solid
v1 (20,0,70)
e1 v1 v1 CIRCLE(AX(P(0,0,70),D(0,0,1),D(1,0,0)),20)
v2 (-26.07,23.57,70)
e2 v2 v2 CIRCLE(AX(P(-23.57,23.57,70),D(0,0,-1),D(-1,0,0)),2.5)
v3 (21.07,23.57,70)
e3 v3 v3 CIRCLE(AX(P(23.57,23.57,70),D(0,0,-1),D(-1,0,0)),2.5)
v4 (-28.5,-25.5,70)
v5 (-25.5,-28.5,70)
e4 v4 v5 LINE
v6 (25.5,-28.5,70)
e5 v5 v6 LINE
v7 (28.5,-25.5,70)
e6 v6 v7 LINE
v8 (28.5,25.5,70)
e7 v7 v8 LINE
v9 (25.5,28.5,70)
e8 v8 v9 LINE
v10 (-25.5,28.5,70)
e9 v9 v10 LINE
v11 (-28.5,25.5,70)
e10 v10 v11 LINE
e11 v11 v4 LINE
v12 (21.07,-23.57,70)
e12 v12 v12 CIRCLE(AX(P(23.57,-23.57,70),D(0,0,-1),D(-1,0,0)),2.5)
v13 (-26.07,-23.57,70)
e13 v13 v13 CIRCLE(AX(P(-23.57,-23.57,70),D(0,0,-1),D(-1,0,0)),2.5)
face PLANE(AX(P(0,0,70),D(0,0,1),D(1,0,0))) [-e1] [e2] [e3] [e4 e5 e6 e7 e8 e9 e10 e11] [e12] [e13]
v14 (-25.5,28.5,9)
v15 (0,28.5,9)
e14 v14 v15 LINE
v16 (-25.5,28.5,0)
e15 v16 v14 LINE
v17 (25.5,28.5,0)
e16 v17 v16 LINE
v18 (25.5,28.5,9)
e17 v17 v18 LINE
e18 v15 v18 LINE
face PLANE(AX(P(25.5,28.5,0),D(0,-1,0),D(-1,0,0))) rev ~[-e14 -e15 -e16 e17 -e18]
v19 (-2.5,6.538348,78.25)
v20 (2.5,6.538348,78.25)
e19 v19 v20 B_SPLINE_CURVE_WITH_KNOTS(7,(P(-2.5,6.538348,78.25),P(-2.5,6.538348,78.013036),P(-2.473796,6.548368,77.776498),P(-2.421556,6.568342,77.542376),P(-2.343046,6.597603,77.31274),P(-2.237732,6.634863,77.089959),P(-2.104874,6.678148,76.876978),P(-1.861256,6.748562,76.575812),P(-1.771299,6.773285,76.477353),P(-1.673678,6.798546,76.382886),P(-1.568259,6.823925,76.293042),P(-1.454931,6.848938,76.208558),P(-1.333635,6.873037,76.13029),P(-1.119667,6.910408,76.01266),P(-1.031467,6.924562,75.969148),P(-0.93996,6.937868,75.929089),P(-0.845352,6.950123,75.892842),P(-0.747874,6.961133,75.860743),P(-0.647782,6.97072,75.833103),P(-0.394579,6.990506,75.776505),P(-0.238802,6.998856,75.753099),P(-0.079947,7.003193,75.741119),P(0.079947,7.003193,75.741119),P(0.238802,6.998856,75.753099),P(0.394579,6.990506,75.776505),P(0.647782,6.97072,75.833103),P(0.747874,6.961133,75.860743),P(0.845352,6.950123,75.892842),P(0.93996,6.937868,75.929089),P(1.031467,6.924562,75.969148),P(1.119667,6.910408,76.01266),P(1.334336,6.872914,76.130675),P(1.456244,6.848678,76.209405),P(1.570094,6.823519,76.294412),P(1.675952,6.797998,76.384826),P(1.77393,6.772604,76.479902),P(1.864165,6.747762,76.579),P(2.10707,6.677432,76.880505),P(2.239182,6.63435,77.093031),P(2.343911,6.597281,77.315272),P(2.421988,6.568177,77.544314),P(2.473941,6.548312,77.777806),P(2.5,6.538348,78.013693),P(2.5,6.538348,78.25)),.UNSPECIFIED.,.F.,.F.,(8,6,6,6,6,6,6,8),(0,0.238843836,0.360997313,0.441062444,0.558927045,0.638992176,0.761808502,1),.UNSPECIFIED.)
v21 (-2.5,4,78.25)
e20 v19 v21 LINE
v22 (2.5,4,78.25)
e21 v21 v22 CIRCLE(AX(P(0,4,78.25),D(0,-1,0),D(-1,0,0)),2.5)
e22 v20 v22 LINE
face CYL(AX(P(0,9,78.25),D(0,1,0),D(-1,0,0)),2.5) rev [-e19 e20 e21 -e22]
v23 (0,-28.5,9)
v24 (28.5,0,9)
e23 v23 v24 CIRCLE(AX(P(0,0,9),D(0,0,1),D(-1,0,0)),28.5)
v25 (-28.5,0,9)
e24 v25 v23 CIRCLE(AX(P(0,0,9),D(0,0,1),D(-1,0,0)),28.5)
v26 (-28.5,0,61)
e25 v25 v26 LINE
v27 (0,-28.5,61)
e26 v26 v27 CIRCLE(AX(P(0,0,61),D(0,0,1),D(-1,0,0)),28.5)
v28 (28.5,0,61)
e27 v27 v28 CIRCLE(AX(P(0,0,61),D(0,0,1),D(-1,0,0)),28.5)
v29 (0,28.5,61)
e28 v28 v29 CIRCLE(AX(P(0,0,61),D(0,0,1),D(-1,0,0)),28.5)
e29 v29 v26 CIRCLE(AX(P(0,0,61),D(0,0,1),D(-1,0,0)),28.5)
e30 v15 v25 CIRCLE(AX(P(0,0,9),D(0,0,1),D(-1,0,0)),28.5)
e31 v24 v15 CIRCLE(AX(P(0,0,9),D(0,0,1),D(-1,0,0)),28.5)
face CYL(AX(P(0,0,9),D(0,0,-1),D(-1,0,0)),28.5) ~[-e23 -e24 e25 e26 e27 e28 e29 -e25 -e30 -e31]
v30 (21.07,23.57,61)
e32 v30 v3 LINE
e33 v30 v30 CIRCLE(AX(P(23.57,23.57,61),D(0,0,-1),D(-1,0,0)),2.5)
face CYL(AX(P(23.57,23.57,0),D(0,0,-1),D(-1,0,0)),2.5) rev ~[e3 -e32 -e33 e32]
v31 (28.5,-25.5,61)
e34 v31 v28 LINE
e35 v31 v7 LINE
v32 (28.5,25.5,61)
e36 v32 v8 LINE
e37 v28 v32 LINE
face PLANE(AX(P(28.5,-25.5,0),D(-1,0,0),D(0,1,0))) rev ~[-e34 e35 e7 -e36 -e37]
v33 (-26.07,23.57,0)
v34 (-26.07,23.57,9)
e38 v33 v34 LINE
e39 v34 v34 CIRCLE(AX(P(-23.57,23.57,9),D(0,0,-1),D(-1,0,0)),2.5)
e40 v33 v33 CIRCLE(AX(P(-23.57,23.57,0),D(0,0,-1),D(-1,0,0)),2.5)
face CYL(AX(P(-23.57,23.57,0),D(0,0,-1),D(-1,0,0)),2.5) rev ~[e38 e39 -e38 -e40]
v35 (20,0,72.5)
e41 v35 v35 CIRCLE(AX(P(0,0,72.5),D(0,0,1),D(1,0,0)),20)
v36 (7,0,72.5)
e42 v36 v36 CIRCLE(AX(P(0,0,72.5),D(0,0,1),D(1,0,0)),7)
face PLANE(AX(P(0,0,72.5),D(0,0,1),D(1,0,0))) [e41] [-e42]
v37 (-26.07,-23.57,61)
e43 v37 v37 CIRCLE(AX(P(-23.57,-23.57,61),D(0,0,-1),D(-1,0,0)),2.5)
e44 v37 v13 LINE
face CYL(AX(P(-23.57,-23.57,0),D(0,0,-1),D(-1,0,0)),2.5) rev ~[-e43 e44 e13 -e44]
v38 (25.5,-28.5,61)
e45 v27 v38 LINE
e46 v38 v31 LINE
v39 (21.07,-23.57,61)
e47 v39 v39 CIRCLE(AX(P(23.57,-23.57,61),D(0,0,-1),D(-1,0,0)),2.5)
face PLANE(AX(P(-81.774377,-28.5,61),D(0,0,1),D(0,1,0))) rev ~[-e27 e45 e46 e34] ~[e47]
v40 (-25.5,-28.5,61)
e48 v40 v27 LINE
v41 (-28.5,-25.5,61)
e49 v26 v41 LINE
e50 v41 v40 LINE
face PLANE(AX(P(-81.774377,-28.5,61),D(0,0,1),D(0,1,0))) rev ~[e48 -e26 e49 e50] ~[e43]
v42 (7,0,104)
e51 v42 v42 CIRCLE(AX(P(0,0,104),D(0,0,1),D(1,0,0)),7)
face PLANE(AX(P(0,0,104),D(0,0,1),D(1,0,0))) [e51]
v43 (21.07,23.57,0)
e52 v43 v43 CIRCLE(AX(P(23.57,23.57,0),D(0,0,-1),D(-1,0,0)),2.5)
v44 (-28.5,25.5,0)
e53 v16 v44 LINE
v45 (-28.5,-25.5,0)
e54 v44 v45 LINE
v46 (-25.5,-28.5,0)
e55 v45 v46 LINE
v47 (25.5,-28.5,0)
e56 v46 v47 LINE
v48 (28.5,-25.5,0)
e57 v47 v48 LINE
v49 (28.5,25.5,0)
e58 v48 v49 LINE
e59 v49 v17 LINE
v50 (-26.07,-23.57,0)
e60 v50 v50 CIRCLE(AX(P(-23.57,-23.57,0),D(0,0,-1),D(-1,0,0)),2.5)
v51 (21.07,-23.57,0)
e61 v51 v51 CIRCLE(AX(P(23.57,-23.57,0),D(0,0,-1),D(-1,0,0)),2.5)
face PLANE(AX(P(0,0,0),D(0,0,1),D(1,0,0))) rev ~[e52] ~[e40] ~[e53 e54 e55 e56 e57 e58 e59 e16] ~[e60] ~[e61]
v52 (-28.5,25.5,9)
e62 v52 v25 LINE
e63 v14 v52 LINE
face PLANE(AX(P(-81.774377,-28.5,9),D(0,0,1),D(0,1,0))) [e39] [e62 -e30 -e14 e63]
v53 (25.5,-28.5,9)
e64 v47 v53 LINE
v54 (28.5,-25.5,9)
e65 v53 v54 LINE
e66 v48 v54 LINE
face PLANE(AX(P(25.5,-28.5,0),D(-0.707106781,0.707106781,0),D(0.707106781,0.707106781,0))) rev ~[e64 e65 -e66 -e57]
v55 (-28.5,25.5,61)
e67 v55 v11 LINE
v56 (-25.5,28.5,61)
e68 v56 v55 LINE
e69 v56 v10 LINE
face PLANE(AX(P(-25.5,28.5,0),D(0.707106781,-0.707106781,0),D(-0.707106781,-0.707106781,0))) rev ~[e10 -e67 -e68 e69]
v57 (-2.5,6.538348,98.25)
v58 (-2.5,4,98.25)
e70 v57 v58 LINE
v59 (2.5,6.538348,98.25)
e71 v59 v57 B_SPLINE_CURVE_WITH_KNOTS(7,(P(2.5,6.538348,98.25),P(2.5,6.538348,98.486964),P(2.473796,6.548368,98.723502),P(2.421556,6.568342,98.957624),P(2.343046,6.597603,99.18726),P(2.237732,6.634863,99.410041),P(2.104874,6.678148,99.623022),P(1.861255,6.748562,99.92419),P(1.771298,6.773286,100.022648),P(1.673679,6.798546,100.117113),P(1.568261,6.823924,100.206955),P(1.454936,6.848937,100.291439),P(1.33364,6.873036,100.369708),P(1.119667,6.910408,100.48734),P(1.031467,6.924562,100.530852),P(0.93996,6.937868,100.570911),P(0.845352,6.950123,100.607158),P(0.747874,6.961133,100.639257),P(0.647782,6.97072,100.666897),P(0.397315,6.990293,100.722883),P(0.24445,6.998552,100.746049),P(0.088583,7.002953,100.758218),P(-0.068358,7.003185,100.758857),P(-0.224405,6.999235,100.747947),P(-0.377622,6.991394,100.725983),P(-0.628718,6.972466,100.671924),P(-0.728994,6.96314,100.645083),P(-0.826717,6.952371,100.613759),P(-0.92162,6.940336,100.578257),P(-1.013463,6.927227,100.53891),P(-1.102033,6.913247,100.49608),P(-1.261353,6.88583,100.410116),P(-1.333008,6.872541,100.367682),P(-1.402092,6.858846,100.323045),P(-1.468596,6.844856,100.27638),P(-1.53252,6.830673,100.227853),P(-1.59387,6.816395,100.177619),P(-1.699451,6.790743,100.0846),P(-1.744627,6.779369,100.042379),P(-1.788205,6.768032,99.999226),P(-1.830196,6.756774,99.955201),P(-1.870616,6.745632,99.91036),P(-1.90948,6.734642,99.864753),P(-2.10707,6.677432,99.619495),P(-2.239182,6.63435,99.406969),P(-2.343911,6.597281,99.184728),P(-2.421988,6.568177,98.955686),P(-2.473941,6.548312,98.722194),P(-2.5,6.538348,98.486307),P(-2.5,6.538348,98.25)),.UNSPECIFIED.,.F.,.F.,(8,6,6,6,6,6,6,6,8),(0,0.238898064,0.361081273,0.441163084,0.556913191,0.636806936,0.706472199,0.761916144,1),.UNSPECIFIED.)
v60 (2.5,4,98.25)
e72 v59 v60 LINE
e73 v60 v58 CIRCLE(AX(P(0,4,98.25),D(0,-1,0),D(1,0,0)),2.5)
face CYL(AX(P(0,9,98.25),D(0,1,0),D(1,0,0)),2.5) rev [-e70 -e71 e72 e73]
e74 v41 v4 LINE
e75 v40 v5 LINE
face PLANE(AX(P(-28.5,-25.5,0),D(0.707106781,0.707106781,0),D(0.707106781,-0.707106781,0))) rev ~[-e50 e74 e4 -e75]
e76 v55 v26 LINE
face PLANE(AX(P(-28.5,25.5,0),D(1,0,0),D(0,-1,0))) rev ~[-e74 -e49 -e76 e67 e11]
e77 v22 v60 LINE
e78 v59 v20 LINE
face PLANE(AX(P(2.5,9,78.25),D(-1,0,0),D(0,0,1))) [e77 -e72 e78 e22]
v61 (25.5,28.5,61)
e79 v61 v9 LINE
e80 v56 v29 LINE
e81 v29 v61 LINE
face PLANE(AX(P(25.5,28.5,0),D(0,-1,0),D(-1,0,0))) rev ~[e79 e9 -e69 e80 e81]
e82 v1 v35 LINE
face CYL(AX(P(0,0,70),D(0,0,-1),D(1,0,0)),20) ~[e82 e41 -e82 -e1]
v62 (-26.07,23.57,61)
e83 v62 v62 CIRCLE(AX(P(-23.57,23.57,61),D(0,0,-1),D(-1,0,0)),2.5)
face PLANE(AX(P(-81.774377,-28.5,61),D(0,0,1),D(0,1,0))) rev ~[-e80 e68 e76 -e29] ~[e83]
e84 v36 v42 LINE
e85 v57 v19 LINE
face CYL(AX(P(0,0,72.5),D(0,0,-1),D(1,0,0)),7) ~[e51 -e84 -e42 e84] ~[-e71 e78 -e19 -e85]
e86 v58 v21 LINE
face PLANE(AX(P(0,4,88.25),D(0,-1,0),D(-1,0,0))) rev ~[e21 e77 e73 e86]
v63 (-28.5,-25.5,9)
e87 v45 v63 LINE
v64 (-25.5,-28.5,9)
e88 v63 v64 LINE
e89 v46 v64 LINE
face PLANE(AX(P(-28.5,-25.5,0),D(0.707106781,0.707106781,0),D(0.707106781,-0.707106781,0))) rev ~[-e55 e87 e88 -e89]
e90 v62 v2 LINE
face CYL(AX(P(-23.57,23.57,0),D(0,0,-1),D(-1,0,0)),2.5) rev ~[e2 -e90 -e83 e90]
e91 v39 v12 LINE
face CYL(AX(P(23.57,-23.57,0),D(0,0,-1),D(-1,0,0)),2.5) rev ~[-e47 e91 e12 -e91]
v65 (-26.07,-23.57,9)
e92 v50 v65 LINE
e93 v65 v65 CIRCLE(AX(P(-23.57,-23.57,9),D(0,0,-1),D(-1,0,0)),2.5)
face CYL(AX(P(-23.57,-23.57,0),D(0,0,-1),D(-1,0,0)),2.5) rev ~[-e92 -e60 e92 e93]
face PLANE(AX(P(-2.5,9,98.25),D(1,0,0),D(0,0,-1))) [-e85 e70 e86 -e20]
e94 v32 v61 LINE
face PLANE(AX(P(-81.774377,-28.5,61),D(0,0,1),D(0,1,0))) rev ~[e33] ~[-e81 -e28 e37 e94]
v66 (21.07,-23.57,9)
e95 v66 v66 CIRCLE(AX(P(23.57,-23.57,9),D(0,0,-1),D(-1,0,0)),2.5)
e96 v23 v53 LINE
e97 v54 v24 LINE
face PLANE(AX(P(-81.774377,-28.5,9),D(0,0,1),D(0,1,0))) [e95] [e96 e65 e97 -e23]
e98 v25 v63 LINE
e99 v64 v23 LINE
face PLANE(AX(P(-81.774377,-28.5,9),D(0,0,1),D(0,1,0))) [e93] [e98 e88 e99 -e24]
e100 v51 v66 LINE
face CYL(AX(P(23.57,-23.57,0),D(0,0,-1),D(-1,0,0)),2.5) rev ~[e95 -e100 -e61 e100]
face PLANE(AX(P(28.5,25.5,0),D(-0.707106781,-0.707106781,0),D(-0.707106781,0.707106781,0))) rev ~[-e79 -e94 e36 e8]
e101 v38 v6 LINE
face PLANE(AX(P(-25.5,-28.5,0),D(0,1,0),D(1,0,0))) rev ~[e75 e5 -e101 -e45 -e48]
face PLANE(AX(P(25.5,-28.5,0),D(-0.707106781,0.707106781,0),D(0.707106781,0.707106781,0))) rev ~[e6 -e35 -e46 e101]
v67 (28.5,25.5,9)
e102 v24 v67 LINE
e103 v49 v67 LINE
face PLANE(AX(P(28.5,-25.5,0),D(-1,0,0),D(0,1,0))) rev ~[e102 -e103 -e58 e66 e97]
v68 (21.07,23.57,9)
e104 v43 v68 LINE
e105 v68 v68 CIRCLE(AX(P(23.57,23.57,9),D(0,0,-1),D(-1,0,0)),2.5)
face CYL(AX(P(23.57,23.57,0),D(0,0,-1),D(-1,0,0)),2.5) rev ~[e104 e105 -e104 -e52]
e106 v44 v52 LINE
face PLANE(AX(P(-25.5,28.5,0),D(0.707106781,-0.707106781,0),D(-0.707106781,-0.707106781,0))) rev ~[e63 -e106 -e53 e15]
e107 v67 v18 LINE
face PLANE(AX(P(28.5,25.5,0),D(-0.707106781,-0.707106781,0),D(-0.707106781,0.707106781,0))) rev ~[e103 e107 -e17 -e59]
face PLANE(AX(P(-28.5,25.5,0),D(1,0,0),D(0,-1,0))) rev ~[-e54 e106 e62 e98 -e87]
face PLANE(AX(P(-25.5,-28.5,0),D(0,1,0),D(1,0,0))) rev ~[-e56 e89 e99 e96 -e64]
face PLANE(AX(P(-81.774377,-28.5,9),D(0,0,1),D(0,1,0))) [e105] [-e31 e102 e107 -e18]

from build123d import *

# Parameters (mm, degrees)
BOSS_EXTRUDE1_DEPTH     = 70
SKETCH2_R               = 2.5
CUT_EXTRUDE1_DEPTH      = 81.774377125
CUT_EXTRUDE2_DEPTH      = 81.774377125
CUT_EXTRUDE2_DEPTH_BACK = 81.774377125
SKETCH3_W               = 52
SKETCH3_H               = 57
SKETCH4_R               = 28.5
BOSS_EXTRUDE2_DEPTH     = 52
SKETCH5_R               = 20
BOSS_EXTRUDE3_DEPTH     = 2.5
SKETCH6_R               = 7
BOSS_EXTRUDE4_DEPTH     = 31.5
CUT_EXTRUDE3_DEPTH      = 5


with BuildPart() as part:
    # Sketch1 → Boss-Extrude1 (new body)
    with BuildSketch(Plane.XY):
        Polygon((-28.5, -25.5), (-25.5, -28.5), (25.5, -28.5), (28.5, -25.5), (28.5, 25.5), (25.5, 28.5), (-25.5, 28.5), (-28.5, 25.5), align=None)
    extrude(amount=BOSS_EXTRUDE1_DEPTH)

    # Sketch2 → Cut-Extrude1 (cut, through all)
    with BuildSketch(Plane(origin=(0, 0, 0), x_dir=(-1, 0, 0), z_dir=(0, 0, -1))):
        with Locations((-23.57, 23.57)):
            Circle(SKETCH2_R)
        with Locations((-23.57, -23.57)):
            Circle(SKETCH2_R)
        with Locations((23.57, -23.57)):
            Circle(SKETCH2_R)
        with Locations((23.57, 23.57)):
            Circle(SKETCH2_R)
    extrude(amount=-CUT_EXTRUDE1_DEPTH, mode=Mode.SUBTRACT)

    # Sketch3 → Cut-Extrude2 (cut, two sides: drawn at the far end of the back side and taken through both)
    with BuildSketch(Plane(origin=(0, 0, 0), x_dir=(0, 0, -1), z_dir=(1, 0, 0)).offset(-CUT_EXTRUDE2_DEPTH_BACK)):
        with Locations((-35, 0)):
            Rectangle(SKETCH3_W, SKETCH3_H)
    extrude(amount=CUT_EXTRUDE2_DEPTH + CUT_EXTRUDE2_DEPTH_BACK, mode=Mode.SUBTRACT)


with BuildPart() as cut_extrude2_piece_1:
    # of the separate pieces the step leaves, piece 1, a body of its own (cut_extrude2_pieces)
    add(part.part.solids().sort_by_distance((-28.5, -25.5, 61))[0])



with BuildPart() as cut_extrude2_piece_2:
    # of the separate pieces the step leaves, piece 2, a body of its own (cut_extrude2_pieces)
    add(part.part.solids().sort_by_distance((-28.5, -25.5, 0))[0])


with BuildPart() as cut_extrude2_piece_1_1:
    add(cut_extrude2_piece_1.part)

    add(cut_extrude2_piece_2.part)  # Boss-Extrude2 merges Cut-Extrude2 piece 2
    # Sketch4 → Boss-Extrude2 (add)
    with BuildSketch(Plane.XY.offset(9)):
        with Locations(Location((0, 0, 0), (0, 0, 180))):
            Circle(SKETCH4_R)
    extrude(amount=BOSS_EXTRUDE2_DEPTH)

    # Sketch5 → Boss-Extrude3 (add)
    with BuildSketch(Plane.XY.offset(70)):
        Circle(SKETCH5_R)
    extrude(amount=BOSS_EXTRUDE3_DEPTH)

    # Sketch6 → Boss-Extrude4 (add)
    with BuildSketch(Plane.XY.offset(72.5)):
        Circle(SKETCH6_R)
    extrude(amount=BOSS_EXTRUDE4_DEPTH)

    # Sketch7 → Cut-Extrude3 (cut)
    with BuildSketch(Plane(origin=(0, 9, 0), x_dir=(1, 0, 0), z_dir=(0, 1, 0))):
        with BuildLine():
            Line((-2.5, -98.25), (-2.5, -78.25))
            ThreePointArc((-2.5, -78.25), (0, -75.75), (2.5, -78.25))
            Line((2.5, -78.25), (2.5, -98.25))
            ThreePointArc((2.5, -98.25), (0, -100.75), (-2.5, -98.25))
        make_face()
    extrude(amount=-CUT_EXTRUDE3_DEPTH, mode=Mode.SUBTRACT)


solid = cut_extrude2_piece_1_1.part
